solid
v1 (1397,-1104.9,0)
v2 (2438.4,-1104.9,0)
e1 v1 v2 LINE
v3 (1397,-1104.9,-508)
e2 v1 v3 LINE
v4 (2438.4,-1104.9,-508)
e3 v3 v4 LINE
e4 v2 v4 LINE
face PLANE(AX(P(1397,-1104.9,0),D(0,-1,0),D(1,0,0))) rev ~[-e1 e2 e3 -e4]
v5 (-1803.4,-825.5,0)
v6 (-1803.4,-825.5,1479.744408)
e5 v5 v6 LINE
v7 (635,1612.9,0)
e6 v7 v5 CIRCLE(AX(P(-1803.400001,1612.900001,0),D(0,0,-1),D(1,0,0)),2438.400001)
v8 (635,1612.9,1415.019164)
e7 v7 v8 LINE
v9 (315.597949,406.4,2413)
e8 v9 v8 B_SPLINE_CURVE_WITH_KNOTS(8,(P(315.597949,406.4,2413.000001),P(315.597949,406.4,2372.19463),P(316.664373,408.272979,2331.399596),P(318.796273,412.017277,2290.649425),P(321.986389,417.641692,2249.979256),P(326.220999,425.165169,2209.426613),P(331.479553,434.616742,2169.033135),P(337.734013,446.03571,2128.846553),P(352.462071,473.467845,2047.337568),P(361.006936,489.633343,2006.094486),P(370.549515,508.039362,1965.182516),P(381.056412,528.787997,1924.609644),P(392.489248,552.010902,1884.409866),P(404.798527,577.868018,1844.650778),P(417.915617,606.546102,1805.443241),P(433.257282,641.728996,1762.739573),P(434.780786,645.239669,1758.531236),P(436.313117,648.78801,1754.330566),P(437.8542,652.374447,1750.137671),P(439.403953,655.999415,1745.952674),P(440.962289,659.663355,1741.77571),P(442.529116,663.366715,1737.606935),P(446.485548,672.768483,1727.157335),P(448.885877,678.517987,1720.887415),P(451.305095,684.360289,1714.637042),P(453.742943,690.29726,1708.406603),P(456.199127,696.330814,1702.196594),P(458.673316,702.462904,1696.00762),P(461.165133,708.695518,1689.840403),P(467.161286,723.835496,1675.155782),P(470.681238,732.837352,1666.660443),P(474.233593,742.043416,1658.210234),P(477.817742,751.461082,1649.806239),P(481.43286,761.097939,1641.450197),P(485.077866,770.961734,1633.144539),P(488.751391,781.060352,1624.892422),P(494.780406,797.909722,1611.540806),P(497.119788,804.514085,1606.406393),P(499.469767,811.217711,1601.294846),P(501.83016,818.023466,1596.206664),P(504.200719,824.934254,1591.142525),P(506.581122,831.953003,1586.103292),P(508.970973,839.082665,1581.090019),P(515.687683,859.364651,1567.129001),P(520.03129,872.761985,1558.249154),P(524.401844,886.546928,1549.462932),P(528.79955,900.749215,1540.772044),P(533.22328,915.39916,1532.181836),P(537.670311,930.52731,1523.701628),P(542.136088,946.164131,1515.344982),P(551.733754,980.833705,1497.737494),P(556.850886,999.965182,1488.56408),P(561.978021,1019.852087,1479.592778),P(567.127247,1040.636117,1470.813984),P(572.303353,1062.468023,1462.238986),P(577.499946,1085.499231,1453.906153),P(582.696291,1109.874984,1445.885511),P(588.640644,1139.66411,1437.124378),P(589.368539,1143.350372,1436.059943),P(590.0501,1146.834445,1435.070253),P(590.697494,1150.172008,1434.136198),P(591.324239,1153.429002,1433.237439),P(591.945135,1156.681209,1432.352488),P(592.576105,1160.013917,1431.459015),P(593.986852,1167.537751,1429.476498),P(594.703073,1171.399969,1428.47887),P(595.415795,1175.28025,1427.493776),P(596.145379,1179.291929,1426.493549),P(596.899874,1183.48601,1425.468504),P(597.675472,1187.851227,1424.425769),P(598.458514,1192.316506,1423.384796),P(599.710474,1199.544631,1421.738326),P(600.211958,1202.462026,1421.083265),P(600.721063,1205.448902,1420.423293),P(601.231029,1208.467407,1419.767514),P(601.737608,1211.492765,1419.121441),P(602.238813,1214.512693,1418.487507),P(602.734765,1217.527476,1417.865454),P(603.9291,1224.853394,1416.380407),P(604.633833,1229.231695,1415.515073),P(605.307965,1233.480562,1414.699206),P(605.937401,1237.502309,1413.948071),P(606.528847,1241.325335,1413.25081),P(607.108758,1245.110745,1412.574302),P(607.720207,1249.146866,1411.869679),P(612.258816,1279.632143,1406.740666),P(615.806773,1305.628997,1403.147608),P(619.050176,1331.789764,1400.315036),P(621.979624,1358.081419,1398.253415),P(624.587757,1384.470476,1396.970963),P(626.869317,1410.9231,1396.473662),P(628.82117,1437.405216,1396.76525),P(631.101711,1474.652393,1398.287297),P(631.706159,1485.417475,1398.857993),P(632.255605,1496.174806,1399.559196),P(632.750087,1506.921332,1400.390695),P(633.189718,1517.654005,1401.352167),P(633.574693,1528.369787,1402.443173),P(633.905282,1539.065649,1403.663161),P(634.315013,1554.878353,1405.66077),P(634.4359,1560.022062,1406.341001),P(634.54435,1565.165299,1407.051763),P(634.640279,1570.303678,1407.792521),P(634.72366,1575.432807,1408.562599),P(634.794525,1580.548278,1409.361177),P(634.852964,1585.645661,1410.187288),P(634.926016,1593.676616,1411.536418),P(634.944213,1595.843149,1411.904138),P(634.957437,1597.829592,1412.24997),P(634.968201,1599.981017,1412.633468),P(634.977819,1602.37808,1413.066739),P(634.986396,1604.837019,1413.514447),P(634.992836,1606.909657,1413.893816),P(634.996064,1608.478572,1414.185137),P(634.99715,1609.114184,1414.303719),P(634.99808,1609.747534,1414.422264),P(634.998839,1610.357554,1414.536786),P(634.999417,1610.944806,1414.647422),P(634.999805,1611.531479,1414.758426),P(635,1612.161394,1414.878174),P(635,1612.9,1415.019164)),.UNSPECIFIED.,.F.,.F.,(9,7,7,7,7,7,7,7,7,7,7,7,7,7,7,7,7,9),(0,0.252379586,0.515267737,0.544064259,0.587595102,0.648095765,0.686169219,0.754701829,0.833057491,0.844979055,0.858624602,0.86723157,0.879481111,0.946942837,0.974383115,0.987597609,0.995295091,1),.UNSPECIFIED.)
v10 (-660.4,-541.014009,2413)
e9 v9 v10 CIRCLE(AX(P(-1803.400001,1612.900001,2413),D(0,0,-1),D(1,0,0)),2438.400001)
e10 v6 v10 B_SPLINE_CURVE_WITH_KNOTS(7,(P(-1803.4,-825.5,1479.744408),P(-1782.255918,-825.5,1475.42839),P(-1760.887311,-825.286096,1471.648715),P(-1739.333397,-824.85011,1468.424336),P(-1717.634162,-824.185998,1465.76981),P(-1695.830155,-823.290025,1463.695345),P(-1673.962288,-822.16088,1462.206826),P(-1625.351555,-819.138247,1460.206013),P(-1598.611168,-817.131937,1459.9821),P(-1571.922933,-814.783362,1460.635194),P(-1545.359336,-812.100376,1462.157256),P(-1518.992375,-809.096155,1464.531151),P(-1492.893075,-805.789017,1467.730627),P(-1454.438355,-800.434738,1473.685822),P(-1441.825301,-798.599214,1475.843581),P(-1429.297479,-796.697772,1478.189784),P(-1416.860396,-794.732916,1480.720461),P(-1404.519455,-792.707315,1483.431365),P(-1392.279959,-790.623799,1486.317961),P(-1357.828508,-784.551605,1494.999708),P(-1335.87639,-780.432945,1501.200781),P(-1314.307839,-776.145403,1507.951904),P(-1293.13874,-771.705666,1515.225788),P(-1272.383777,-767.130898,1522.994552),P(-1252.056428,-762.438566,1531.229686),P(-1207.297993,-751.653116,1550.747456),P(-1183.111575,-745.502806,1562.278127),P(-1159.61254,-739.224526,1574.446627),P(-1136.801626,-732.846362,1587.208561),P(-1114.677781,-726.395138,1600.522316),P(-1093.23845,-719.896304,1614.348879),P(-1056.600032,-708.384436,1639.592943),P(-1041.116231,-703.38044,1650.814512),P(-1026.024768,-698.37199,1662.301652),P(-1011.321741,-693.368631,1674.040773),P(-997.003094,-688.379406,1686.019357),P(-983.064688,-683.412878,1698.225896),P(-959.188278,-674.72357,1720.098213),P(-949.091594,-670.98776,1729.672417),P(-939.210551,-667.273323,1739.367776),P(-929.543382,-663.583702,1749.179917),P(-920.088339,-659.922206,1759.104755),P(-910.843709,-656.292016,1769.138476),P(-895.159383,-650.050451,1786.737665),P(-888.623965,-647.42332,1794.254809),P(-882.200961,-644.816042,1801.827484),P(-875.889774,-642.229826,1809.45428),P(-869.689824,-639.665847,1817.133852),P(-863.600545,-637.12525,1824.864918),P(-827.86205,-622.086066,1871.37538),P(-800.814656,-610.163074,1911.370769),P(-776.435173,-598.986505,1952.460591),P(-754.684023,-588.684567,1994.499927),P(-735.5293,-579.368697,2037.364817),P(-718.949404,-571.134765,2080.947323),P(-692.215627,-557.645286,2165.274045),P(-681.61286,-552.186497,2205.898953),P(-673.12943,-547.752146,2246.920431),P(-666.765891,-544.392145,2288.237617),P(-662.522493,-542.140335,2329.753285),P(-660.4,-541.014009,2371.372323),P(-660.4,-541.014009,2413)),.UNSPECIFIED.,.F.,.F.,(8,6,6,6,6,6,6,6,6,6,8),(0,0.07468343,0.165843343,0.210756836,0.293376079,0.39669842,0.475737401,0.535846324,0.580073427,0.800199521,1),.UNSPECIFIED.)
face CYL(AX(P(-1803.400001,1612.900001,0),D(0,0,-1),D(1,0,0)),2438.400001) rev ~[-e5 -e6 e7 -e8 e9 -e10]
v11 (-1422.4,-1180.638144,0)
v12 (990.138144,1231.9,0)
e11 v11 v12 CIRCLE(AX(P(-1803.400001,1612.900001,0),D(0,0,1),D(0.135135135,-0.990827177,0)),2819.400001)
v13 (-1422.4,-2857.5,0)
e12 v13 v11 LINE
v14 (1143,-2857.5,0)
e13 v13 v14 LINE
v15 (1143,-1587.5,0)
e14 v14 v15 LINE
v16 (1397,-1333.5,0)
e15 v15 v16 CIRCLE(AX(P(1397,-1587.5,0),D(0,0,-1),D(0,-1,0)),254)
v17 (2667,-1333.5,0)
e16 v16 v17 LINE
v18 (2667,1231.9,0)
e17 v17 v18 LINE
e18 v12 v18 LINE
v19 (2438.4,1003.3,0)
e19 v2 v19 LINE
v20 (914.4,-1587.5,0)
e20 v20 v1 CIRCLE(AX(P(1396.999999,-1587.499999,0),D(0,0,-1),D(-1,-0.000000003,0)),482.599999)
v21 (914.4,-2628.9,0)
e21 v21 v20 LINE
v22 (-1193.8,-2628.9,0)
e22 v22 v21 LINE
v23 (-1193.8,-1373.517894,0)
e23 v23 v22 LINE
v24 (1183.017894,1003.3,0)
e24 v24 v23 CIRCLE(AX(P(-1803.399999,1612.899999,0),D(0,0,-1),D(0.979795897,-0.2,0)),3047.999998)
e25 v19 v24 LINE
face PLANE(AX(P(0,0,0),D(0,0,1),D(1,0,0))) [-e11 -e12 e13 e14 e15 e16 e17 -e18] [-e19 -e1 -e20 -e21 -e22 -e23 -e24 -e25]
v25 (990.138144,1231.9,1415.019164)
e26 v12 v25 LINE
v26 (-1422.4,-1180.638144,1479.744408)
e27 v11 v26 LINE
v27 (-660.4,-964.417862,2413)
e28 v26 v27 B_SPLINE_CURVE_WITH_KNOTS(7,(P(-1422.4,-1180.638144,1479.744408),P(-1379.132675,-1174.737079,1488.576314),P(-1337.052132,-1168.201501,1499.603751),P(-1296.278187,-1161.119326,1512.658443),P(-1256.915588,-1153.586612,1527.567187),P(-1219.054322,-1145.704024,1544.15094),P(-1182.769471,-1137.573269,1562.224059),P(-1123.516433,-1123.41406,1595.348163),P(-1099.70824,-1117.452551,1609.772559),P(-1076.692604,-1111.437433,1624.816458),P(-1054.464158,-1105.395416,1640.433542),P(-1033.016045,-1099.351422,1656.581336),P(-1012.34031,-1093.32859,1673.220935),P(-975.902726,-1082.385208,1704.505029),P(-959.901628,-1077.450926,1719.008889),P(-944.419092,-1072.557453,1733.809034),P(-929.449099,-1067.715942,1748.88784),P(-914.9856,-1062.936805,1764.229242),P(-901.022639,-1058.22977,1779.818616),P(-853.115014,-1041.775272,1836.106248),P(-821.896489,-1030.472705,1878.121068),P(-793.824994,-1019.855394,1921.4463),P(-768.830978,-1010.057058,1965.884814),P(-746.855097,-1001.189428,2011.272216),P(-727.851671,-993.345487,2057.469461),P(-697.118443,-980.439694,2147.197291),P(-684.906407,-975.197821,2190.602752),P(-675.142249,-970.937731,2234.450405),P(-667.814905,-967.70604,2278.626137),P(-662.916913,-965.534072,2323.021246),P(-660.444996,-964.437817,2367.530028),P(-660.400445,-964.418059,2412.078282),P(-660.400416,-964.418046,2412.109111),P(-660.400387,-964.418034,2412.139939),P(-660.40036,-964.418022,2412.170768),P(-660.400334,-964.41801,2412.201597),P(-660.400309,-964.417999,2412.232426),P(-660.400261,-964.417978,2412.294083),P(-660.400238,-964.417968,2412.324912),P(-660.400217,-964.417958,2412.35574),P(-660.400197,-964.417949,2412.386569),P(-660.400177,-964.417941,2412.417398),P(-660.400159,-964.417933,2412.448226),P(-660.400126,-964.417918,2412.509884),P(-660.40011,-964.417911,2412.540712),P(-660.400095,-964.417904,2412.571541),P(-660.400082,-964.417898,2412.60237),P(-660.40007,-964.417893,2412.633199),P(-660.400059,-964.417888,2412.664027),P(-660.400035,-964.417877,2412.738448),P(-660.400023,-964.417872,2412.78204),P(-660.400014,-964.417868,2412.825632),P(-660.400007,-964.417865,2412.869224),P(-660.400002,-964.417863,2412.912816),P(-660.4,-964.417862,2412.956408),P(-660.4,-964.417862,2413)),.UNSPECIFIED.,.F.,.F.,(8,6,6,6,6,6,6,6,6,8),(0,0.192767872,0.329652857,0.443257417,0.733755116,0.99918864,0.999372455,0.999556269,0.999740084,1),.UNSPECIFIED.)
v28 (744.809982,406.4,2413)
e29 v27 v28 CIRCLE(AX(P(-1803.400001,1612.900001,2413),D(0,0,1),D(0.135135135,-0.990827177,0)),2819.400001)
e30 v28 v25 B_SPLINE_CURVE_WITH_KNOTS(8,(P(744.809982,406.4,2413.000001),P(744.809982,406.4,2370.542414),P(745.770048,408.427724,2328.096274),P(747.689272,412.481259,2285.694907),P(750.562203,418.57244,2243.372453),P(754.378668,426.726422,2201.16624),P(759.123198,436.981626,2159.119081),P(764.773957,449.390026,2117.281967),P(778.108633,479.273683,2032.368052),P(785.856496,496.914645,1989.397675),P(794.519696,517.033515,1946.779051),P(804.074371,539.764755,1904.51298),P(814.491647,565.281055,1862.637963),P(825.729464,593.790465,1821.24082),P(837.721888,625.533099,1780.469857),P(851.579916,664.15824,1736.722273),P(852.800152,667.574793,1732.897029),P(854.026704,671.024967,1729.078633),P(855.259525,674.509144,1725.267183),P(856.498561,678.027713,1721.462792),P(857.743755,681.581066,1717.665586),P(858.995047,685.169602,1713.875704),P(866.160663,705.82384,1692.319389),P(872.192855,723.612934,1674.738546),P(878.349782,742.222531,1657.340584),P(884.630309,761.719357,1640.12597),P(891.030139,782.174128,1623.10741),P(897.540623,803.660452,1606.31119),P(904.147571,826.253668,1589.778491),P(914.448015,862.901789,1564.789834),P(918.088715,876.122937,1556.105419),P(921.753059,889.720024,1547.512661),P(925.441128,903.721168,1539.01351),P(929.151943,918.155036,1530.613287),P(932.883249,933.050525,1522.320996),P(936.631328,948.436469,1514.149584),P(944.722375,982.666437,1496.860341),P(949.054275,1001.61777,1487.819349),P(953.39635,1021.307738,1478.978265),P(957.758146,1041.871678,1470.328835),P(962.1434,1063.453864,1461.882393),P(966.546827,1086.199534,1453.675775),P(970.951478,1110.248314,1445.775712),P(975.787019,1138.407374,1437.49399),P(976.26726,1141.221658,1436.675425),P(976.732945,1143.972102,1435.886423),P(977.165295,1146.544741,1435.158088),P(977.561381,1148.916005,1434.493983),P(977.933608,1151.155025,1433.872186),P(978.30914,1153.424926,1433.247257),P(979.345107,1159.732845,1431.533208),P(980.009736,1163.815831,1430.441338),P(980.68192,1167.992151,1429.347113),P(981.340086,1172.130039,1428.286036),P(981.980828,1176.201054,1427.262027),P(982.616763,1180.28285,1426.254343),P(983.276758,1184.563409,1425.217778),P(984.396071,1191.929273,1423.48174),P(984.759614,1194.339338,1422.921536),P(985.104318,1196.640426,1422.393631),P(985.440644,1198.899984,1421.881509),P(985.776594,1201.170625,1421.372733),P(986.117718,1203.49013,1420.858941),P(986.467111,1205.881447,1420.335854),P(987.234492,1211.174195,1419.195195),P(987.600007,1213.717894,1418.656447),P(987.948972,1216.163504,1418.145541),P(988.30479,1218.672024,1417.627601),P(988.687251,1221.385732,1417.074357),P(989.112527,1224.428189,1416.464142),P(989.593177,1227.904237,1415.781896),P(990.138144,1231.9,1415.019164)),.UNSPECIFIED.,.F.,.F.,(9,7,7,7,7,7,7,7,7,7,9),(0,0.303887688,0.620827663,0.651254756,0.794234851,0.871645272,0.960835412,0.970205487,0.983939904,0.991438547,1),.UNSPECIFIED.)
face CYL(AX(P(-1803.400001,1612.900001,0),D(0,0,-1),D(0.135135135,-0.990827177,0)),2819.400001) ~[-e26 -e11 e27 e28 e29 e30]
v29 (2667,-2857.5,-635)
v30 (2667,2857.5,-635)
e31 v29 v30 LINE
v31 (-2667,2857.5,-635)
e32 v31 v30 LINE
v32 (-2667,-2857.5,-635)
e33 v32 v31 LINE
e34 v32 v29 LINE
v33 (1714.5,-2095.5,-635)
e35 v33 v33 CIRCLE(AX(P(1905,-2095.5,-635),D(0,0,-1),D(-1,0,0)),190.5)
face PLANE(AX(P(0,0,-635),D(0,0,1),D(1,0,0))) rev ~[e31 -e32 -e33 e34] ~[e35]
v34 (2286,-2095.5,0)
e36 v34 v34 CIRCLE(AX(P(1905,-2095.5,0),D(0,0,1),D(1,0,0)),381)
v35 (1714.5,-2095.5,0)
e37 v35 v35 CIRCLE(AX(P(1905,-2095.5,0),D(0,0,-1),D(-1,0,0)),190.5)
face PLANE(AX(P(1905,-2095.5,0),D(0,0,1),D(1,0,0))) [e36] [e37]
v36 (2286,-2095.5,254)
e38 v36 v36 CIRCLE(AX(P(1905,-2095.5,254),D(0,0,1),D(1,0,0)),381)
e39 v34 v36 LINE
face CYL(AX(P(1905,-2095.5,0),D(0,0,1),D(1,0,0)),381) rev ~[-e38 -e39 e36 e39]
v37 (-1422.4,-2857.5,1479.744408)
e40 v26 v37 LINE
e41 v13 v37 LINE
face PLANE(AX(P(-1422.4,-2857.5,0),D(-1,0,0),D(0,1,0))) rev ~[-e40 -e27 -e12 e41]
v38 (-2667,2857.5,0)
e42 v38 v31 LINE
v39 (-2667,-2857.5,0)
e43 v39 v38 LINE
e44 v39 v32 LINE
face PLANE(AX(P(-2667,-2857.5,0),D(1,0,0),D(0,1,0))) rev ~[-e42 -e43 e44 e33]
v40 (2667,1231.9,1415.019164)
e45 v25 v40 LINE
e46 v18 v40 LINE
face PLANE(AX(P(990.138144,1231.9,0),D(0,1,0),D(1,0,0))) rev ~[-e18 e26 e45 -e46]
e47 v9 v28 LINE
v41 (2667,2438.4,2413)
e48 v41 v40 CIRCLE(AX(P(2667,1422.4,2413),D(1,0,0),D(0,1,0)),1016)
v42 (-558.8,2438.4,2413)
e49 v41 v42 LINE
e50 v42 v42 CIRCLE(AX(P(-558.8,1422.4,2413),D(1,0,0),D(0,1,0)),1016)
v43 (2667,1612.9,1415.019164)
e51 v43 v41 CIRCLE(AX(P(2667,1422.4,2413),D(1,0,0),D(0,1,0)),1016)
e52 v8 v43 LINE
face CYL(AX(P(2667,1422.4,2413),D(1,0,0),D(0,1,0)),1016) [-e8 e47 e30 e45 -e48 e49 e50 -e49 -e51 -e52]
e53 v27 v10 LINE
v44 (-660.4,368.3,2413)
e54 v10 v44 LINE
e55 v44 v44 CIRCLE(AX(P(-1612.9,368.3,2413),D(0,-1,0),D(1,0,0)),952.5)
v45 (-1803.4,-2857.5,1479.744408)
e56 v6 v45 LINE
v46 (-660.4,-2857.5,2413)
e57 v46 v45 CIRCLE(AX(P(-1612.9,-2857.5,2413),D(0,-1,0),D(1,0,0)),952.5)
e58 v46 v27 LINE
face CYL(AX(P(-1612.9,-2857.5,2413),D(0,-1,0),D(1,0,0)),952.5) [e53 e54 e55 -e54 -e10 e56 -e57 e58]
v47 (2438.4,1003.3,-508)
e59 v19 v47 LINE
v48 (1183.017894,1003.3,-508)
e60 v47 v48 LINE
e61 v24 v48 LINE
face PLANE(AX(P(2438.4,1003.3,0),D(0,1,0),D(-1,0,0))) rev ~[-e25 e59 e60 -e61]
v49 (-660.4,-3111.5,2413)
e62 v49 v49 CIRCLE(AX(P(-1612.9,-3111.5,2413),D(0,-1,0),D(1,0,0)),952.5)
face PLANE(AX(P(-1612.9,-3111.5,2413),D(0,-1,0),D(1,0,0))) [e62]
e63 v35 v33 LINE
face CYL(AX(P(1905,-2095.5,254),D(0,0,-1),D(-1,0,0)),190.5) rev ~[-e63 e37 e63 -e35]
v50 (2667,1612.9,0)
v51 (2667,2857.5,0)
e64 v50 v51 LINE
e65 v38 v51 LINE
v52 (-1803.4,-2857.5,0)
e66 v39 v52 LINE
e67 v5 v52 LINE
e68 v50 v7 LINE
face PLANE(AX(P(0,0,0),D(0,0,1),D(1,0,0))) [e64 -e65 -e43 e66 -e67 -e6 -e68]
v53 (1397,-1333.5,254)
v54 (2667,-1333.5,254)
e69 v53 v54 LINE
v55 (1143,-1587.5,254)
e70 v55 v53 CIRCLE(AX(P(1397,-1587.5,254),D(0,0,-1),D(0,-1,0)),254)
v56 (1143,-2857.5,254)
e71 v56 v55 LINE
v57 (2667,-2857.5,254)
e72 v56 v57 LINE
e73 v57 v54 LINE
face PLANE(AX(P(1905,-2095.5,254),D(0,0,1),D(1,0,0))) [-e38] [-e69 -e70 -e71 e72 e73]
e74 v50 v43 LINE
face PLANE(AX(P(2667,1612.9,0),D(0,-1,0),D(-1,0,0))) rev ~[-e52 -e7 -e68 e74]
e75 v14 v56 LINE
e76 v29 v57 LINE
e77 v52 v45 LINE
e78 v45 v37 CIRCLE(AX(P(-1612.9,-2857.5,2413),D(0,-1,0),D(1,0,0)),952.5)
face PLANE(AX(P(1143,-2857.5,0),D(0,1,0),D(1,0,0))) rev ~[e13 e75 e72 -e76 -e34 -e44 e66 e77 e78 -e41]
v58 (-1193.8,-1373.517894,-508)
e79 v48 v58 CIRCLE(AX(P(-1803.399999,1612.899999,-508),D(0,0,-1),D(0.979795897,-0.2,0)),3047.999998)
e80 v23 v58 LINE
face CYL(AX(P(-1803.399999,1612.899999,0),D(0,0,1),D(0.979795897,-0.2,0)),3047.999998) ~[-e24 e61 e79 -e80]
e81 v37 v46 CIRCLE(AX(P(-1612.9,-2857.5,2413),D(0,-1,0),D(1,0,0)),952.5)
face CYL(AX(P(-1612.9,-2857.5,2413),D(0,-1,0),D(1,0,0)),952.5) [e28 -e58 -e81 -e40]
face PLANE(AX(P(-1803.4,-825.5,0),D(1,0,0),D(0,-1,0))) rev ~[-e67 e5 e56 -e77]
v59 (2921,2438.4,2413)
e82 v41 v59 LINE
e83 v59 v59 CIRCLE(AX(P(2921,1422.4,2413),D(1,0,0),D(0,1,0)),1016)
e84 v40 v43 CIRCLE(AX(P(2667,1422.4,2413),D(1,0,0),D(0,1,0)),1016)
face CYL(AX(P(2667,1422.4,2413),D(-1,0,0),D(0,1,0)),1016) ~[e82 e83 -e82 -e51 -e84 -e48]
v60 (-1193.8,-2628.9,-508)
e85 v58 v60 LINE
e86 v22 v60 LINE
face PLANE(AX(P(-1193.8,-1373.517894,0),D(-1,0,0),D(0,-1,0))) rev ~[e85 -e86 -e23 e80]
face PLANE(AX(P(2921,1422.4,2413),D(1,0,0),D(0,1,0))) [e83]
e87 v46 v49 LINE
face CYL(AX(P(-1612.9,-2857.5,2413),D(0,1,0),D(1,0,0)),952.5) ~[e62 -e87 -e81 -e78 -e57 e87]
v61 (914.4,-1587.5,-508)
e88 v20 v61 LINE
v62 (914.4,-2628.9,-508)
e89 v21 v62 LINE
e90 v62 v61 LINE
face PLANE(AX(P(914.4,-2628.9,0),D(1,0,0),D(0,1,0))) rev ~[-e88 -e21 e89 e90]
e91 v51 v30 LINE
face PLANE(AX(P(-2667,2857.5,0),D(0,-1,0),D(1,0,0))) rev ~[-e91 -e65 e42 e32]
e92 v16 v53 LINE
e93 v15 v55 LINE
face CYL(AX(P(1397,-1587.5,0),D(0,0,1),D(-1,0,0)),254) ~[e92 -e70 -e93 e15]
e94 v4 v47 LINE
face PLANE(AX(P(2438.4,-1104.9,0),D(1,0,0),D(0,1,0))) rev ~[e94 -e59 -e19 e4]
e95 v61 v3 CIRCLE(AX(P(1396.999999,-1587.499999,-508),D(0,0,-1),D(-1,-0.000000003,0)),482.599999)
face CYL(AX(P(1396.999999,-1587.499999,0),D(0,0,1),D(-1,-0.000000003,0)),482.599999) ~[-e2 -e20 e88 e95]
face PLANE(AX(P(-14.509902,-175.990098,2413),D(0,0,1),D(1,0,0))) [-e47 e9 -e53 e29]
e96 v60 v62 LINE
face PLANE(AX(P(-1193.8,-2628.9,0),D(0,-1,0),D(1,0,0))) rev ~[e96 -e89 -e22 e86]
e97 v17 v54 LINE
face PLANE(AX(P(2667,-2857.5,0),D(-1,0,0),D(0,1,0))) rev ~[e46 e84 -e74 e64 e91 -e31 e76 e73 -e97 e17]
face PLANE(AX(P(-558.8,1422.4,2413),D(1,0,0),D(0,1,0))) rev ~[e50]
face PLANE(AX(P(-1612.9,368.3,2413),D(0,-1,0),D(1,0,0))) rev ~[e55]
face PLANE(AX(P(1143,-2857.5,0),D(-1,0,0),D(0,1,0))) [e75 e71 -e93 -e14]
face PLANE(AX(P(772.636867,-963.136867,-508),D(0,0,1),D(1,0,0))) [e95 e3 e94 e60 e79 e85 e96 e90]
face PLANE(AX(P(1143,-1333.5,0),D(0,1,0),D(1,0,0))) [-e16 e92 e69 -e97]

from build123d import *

# Parameters (mm, degrees)
F0_W            = 5334
F0_H            = 5715
F1_DEPTH        = 635
F3_DEPTH        = 2413
F4_R            = 952.5
F5_DEPTH        = 254
F5_DEPTH_BACK   = 3225.8
F6_R            = 1016
F7_DEPTH        = 254
F7_DEPTH_BACK   = 3225.8
F8_W            = 1524
F8_H            = 1524
F9_DEPTH        = 254
F10_R           = 254
F12_DEPTH       = 508
F14_D           = 381
F14_CBORE_D     = 762
F14_CBORE_DEPTH = 254


with BuildPart() as f1:
    # F0 (on Top) → F1 (new body)
    with BuildSketch(Plane.XY):
        Rectangle(F0_W, F0_H)
    extrude(amount=-F1_DEPTH)

    # F2 (on face) → F3 (join)
    with BuildSketch(Plane.XY):
        with BuildLine():
            Line((-1803.4, -825.5), (-1803.4, -2857.5))
            Line((-1803.4, -2857.5), (-1422.4, -2857.5))
            Line((-1422.4, -2857.5), (-1422.4, -1180.638144))
            ThreePointArc((-1422.4, -1180.638144), (190.216859, -380.716859), (990.138144, 1231.9))
            Line((990.138144, 1231.9), (2667, 1231.9))
            Line((2667, 1231.9), (2667, 1612.9))
            Line((2667, 1612.9), (635, 1612.9))
            ThreePointArc((635, 1612.9), (-79.190825, -111.309175), (-1803.4, -825.5))
        make_face()
    extrude(amount=F3_DEPTH)

    # F4 (on face) → F5 (join, two sides)
    with BuildSketch(Plane.XZ.offset(2857.5)) as f5_sk:
        with Locations((-1612.9, 2413)):
            Circle(F4_R)
    extrude(amount=F5_DEPTH)
    extrude(f5_sk.sketch, amount=-F5_DEPTH_BACK)

    # F6 (on face) → F7 (join, two sides)
    with BuildSketch(Plane.YZ.offset(2667)) as f7_sk:
        with Locations((1422.4, 2413)):
            Circle(F6_R)
    extrude(amount=F7_DEPTH)
    extrude(f7_sk.sketch, amount=-F7_DEPTH_BACK)

    # F8 (on face) → F9 (join)
    with BuildSketch(Plane.XY):
        with Locations((1905, -2095.5)):
            Rectangle(F8_W, F8_H)
    extrude(amount=F9_DEPTH)

    # F10
    f10_edges = [f1.edges().sort_by_distance(p)[0] for p in [
        (1143, -1333.5, 127),
    ]]
    fillet(f10_edges, radius=F10_R)

    # F11 (on face) → F12 (cut)
    with BuildSketch(Plane.XY):
        with BuildLine():
            ThreePointArc((1183.017894, 1003.3), (351.861469, -542.361469), (-1193.8, -1373.517894))
            Line((-1193.8, -1373.517894), (-1193.8, -2628.9))
            Line((-1193.8, -2628.9), (914.4, -2628.9))
            Line((914.4, -2628.9), (914.4, -1587.5))
            ThreePointArc((914.4, -1587.5), (1055.750267, -1246.250267), (1397, -1104.9))
            Line((1397, -1104.9), (2438.4, -1104.9))
            Line((2438.4, -1104.9), (2438.4, 1003.3))
            Line((2438.4, 1003.3), (1183.017894, 1003.3))
        make_face()
    extrude(amount=-F12_DEPTH, mode=Mode.SUBTRACT)

    # F14 (through all)
    with Locations(Plane.XY.offset(254)):
        with Locations((1905, -2095.5)):
            CounterBoreHole(F14_D / 2, F14_CBORE_D / 2, F14_CBORE_DEPTH)


solid = f1.part
